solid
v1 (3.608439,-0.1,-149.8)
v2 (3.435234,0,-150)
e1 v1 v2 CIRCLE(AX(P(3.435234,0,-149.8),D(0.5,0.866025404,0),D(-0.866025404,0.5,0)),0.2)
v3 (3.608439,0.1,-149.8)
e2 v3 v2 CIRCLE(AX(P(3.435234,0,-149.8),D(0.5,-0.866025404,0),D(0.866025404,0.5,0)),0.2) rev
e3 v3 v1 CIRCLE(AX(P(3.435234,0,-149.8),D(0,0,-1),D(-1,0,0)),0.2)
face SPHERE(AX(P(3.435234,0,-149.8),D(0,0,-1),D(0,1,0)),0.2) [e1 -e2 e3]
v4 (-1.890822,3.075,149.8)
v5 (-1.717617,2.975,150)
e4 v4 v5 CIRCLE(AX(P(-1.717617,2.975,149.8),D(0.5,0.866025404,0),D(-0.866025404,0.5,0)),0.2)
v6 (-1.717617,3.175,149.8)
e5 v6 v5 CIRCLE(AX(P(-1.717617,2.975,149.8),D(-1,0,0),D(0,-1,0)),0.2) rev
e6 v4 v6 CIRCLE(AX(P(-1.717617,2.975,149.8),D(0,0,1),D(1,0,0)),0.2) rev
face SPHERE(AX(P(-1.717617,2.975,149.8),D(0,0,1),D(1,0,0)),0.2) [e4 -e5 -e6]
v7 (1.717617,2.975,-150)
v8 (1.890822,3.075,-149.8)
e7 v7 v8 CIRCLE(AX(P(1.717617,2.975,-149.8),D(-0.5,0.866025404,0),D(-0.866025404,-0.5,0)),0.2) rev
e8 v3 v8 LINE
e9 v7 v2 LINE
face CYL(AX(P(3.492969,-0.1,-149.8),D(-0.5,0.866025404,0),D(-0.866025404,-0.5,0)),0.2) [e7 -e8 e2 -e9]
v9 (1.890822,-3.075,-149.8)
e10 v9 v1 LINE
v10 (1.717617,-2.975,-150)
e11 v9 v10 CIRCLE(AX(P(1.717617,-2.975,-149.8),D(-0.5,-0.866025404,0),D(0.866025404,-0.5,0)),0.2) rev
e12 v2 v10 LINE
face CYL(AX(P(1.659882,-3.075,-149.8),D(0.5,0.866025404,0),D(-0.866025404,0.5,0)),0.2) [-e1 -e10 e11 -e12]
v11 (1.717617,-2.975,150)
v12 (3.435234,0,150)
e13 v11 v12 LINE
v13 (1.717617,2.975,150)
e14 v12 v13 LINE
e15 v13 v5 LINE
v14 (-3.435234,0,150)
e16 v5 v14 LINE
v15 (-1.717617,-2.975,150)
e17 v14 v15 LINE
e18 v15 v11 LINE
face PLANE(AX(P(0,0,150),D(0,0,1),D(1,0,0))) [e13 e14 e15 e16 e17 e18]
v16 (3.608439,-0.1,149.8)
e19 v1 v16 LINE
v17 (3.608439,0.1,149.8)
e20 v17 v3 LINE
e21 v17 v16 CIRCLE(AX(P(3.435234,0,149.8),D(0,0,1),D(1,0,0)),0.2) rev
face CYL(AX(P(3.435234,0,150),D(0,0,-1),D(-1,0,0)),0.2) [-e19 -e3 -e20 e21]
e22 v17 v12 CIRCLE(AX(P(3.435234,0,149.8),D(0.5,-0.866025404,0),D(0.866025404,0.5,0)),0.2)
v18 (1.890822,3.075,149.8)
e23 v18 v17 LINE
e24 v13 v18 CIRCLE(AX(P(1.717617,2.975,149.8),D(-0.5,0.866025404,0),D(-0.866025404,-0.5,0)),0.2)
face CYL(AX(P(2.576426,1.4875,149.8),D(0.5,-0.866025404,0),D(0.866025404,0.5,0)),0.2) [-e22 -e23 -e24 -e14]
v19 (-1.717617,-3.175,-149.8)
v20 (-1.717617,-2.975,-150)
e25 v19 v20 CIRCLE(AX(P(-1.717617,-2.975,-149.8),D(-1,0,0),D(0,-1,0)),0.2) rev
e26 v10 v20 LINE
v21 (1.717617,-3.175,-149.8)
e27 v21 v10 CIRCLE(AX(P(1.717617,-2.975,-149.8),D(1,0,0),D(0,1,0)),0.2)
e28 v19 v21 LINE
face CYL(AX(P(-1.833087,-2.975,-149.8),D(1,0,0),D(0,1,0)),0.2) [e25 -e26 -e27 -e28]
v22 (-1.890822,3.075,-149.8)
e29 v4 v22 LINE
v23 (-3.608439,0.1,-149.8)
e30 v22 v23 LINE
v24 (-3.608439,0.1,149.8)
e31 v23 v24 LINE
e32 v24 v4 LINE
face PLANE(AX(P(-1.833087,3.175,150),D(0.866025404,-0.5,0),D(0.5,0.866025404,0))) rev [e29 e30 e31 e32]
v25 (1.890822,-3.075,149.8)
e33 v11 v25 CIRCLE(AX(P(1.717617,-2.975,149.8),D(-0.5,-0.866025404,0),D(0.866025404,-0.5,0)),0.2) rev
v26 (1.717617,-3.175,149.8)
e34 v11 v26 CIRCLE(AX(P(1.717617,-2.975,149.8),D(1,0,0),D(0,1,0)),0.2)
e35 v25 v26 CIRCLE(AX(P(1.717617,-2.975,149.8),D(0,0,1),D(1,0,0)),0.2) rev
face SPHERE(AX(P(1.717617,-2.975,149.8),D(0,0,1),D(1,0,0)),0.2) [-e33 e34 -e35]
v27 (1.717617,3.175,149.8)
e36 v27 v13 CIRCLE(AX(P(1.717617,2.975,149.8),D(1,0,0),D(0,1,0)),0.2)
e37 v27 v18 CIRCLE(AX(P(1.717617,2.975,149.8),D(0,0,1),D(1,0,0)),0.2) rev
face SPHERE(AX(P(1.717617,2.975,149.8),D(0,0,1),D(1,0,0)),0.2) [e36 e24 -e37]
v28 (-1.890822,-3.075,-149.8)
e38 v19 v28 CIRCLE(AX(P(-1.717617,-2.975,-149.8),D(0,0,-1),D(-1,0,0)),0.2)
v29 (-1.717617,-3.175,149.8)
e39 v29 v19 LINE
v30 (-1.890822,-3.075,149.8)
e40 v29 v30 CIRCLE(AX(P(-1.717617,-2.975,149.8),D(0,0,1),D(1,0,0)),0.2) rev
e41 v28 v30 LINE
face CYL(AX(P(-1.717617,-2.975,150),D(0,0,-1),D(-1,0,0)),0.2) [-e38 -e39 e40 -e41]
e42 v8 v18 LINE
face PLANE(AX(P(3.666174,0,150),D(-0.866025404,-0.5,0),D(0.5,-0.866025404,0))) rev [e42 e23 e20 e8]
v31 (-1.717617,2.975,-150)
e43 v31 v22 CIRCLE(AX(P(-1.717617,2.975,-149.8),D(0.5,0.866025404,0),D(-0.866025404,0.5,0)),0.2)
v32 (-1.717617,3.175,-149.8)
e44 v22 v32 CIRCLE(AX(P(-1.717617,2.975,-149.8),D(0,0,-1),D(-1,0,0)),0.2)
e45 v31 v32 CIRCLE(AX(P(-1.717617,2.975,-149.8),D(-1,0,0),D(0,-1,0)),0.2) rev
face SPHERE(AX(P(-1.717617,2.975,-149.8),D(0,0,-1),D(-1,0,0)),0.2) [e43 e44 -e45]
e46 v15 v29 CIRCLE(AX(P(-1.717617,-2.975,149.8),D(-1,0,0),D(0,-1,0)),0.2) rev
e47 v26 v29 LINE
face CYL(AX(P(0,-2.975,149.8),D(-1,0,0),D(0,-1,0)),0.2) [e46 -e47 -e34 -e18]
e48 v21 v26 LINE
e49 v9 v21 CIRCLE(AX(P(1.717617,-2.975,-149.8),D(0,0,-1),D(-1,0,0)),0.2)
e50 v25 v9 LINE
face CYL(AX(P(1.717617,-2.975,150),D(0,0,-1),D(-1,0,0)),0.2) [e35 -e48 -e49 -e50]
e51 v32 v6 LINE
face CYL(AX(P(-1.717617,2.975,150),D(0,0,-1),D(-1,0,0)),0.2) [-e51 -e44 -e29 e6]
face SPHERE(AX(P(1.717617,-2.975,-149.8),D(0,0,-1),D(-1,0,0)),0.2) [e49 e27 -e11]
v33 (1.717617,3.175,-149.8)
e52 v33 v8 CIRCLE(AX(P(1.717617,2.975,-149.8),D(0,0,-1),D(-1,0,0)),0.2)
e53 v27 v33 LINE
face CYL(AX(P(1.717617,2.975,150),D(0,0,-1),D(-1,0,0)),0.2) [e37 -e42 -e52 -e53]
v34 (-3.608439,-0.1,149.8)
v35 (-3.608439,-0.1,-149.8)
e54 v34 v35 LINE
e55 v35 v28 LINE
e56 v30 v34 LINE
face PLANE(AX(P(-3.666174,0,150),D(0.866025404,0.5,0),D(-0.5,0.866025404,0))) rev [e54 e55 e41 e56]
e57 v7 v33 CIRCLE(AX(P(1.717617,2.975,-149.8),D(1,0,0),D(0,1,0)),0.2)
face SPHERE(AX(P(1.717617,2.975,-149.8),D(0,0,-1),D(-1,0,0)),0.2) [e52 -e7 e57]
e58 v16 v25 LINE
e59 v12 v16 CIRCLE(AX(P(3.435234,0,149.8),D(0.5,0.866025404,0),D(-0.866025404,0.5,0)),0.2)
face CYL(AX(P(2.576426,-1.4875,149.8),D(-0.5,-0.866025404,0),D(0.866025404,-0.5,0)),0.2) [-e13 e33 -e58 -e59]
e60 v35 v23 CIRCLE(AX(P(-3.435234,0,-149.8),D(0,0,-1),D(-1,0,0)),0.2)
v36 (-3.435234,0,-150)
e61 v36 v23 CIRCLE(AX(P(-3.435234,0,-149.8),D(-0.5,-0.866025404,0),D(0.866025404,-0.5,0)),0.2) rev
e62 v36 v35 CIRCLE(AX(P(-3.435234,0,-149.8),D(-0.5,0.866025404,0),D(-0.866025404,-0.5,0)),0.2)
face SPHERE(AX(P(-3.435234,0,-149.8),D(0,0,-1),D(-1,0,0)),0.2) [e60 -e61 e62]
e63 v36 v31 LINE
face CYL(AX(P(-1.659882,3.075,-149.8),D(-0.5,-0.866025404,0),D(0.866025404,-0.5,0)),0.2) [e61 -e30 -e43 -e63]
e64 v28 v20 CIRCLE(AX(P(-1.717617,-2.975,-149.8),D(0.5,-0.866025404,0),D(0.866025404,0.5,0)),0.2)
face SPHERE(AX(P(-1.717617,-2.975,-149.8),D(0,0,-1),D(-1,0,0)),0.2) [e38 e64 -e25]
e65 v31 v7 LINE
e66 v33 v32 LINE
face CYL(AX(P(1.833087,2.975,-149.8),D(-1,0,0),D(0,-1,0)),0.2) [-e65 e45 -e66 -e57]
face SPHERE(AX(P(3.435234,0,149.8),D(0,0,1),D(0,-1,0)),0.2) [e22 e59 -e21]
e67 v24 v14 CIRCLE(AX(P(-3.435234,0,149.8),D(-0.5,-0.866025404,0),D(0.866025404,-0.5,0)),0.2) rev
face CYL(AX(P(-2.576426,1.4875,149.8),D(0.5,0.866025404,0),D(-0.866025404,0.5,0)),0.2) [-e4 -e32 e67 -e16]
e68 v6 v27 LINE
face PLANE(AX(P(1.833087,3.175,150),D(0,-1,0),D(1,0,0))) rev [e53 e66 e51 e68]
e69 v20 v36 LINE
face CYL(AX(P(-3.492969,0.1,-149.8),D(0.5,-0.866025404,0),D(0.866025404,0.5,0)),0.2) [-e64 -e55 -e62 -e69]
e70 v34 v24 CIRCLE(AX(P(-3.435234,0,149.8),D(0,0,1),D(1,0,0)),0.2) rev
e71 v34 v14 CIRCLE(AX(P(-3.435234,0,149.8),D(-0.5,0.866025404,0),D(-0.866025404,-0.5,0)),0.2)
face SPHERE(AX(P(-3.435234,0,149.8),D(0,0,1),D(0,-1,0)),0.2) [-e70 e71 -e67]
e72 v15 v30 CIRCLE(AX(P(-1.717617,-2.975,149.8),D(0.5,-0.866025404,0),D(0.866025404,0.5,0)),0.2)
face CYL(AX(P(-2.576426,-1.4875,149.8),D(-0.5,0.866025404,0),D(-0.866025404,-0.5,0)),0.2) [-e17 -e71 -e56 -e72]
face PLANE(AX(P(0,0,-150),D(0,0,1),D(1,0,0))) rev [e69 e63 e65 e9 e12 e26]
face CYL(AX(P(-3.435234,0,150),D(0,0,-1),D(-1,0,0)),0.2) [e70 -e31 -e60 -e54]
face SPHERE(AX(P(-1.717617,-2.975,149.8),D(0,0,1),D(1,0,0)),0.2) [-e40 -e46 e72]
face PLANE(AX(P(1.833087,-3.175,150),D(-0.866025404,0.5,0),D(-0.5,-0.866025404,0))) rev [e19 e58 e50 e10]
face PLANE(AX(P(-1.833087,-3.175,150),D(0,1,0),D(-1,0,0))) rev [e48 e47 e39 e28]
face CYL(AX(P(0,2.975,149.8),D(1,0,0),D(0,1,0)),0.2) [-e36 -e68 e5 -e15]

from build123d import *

# Parameters (mm, degrees)
BOSS_EXTRUDE1_DEPTH = 150
FILLET1_R           = 0.2


with BuildPart() as part:
    # Sketch1 → Boss-Extrude1 (new, symmetric)
    with BuildSketch(Plane.XY):
        Polygon((3.666174209, 0), (1.833087105, 3.175), (-1.833087105, 3.175), (-3.666174209, 0), (-1.833087105, -3.175), (1.833087105, -3.175), align=None)
    extrude(amount=BOSS_EXTRUDE1_DEPTH, both=True)

    # Fillet1
    fillet1_edges = [part.edges().sort_by_distance(p)[0] for p in [
        (1.833087105, -3.175, 0),
        (-1.833087105, -3.175, 0),
        (-3.666174209, 0, 0),
        (-1.833087105, 3.175, 0),
        (1.833087105, 3.175, 0),
        (3.666174209, 0, 0),
        (0, 3.175, 150),
        (-2.749630657, 1.5875, 150),
        (-2.749630657, -1.5875, 150),
        (0, -3.175, 150),
        (2.749630657, -1.5875, 150),
        (0, -3.175, -150),
        (-2.749630657, -1.5875, -150),
        (-2.749630657, 1.5875, -150),
        (0, 3.175, -150),
        (2.749630657, 1.5875, -150),
        (2.749630657, -1.5875, -150),
        (2.749630657, 1.5875, 150),
    ]]
    fillet(fillet1_edges, radius=FILLET1_R)


solid = part.part
